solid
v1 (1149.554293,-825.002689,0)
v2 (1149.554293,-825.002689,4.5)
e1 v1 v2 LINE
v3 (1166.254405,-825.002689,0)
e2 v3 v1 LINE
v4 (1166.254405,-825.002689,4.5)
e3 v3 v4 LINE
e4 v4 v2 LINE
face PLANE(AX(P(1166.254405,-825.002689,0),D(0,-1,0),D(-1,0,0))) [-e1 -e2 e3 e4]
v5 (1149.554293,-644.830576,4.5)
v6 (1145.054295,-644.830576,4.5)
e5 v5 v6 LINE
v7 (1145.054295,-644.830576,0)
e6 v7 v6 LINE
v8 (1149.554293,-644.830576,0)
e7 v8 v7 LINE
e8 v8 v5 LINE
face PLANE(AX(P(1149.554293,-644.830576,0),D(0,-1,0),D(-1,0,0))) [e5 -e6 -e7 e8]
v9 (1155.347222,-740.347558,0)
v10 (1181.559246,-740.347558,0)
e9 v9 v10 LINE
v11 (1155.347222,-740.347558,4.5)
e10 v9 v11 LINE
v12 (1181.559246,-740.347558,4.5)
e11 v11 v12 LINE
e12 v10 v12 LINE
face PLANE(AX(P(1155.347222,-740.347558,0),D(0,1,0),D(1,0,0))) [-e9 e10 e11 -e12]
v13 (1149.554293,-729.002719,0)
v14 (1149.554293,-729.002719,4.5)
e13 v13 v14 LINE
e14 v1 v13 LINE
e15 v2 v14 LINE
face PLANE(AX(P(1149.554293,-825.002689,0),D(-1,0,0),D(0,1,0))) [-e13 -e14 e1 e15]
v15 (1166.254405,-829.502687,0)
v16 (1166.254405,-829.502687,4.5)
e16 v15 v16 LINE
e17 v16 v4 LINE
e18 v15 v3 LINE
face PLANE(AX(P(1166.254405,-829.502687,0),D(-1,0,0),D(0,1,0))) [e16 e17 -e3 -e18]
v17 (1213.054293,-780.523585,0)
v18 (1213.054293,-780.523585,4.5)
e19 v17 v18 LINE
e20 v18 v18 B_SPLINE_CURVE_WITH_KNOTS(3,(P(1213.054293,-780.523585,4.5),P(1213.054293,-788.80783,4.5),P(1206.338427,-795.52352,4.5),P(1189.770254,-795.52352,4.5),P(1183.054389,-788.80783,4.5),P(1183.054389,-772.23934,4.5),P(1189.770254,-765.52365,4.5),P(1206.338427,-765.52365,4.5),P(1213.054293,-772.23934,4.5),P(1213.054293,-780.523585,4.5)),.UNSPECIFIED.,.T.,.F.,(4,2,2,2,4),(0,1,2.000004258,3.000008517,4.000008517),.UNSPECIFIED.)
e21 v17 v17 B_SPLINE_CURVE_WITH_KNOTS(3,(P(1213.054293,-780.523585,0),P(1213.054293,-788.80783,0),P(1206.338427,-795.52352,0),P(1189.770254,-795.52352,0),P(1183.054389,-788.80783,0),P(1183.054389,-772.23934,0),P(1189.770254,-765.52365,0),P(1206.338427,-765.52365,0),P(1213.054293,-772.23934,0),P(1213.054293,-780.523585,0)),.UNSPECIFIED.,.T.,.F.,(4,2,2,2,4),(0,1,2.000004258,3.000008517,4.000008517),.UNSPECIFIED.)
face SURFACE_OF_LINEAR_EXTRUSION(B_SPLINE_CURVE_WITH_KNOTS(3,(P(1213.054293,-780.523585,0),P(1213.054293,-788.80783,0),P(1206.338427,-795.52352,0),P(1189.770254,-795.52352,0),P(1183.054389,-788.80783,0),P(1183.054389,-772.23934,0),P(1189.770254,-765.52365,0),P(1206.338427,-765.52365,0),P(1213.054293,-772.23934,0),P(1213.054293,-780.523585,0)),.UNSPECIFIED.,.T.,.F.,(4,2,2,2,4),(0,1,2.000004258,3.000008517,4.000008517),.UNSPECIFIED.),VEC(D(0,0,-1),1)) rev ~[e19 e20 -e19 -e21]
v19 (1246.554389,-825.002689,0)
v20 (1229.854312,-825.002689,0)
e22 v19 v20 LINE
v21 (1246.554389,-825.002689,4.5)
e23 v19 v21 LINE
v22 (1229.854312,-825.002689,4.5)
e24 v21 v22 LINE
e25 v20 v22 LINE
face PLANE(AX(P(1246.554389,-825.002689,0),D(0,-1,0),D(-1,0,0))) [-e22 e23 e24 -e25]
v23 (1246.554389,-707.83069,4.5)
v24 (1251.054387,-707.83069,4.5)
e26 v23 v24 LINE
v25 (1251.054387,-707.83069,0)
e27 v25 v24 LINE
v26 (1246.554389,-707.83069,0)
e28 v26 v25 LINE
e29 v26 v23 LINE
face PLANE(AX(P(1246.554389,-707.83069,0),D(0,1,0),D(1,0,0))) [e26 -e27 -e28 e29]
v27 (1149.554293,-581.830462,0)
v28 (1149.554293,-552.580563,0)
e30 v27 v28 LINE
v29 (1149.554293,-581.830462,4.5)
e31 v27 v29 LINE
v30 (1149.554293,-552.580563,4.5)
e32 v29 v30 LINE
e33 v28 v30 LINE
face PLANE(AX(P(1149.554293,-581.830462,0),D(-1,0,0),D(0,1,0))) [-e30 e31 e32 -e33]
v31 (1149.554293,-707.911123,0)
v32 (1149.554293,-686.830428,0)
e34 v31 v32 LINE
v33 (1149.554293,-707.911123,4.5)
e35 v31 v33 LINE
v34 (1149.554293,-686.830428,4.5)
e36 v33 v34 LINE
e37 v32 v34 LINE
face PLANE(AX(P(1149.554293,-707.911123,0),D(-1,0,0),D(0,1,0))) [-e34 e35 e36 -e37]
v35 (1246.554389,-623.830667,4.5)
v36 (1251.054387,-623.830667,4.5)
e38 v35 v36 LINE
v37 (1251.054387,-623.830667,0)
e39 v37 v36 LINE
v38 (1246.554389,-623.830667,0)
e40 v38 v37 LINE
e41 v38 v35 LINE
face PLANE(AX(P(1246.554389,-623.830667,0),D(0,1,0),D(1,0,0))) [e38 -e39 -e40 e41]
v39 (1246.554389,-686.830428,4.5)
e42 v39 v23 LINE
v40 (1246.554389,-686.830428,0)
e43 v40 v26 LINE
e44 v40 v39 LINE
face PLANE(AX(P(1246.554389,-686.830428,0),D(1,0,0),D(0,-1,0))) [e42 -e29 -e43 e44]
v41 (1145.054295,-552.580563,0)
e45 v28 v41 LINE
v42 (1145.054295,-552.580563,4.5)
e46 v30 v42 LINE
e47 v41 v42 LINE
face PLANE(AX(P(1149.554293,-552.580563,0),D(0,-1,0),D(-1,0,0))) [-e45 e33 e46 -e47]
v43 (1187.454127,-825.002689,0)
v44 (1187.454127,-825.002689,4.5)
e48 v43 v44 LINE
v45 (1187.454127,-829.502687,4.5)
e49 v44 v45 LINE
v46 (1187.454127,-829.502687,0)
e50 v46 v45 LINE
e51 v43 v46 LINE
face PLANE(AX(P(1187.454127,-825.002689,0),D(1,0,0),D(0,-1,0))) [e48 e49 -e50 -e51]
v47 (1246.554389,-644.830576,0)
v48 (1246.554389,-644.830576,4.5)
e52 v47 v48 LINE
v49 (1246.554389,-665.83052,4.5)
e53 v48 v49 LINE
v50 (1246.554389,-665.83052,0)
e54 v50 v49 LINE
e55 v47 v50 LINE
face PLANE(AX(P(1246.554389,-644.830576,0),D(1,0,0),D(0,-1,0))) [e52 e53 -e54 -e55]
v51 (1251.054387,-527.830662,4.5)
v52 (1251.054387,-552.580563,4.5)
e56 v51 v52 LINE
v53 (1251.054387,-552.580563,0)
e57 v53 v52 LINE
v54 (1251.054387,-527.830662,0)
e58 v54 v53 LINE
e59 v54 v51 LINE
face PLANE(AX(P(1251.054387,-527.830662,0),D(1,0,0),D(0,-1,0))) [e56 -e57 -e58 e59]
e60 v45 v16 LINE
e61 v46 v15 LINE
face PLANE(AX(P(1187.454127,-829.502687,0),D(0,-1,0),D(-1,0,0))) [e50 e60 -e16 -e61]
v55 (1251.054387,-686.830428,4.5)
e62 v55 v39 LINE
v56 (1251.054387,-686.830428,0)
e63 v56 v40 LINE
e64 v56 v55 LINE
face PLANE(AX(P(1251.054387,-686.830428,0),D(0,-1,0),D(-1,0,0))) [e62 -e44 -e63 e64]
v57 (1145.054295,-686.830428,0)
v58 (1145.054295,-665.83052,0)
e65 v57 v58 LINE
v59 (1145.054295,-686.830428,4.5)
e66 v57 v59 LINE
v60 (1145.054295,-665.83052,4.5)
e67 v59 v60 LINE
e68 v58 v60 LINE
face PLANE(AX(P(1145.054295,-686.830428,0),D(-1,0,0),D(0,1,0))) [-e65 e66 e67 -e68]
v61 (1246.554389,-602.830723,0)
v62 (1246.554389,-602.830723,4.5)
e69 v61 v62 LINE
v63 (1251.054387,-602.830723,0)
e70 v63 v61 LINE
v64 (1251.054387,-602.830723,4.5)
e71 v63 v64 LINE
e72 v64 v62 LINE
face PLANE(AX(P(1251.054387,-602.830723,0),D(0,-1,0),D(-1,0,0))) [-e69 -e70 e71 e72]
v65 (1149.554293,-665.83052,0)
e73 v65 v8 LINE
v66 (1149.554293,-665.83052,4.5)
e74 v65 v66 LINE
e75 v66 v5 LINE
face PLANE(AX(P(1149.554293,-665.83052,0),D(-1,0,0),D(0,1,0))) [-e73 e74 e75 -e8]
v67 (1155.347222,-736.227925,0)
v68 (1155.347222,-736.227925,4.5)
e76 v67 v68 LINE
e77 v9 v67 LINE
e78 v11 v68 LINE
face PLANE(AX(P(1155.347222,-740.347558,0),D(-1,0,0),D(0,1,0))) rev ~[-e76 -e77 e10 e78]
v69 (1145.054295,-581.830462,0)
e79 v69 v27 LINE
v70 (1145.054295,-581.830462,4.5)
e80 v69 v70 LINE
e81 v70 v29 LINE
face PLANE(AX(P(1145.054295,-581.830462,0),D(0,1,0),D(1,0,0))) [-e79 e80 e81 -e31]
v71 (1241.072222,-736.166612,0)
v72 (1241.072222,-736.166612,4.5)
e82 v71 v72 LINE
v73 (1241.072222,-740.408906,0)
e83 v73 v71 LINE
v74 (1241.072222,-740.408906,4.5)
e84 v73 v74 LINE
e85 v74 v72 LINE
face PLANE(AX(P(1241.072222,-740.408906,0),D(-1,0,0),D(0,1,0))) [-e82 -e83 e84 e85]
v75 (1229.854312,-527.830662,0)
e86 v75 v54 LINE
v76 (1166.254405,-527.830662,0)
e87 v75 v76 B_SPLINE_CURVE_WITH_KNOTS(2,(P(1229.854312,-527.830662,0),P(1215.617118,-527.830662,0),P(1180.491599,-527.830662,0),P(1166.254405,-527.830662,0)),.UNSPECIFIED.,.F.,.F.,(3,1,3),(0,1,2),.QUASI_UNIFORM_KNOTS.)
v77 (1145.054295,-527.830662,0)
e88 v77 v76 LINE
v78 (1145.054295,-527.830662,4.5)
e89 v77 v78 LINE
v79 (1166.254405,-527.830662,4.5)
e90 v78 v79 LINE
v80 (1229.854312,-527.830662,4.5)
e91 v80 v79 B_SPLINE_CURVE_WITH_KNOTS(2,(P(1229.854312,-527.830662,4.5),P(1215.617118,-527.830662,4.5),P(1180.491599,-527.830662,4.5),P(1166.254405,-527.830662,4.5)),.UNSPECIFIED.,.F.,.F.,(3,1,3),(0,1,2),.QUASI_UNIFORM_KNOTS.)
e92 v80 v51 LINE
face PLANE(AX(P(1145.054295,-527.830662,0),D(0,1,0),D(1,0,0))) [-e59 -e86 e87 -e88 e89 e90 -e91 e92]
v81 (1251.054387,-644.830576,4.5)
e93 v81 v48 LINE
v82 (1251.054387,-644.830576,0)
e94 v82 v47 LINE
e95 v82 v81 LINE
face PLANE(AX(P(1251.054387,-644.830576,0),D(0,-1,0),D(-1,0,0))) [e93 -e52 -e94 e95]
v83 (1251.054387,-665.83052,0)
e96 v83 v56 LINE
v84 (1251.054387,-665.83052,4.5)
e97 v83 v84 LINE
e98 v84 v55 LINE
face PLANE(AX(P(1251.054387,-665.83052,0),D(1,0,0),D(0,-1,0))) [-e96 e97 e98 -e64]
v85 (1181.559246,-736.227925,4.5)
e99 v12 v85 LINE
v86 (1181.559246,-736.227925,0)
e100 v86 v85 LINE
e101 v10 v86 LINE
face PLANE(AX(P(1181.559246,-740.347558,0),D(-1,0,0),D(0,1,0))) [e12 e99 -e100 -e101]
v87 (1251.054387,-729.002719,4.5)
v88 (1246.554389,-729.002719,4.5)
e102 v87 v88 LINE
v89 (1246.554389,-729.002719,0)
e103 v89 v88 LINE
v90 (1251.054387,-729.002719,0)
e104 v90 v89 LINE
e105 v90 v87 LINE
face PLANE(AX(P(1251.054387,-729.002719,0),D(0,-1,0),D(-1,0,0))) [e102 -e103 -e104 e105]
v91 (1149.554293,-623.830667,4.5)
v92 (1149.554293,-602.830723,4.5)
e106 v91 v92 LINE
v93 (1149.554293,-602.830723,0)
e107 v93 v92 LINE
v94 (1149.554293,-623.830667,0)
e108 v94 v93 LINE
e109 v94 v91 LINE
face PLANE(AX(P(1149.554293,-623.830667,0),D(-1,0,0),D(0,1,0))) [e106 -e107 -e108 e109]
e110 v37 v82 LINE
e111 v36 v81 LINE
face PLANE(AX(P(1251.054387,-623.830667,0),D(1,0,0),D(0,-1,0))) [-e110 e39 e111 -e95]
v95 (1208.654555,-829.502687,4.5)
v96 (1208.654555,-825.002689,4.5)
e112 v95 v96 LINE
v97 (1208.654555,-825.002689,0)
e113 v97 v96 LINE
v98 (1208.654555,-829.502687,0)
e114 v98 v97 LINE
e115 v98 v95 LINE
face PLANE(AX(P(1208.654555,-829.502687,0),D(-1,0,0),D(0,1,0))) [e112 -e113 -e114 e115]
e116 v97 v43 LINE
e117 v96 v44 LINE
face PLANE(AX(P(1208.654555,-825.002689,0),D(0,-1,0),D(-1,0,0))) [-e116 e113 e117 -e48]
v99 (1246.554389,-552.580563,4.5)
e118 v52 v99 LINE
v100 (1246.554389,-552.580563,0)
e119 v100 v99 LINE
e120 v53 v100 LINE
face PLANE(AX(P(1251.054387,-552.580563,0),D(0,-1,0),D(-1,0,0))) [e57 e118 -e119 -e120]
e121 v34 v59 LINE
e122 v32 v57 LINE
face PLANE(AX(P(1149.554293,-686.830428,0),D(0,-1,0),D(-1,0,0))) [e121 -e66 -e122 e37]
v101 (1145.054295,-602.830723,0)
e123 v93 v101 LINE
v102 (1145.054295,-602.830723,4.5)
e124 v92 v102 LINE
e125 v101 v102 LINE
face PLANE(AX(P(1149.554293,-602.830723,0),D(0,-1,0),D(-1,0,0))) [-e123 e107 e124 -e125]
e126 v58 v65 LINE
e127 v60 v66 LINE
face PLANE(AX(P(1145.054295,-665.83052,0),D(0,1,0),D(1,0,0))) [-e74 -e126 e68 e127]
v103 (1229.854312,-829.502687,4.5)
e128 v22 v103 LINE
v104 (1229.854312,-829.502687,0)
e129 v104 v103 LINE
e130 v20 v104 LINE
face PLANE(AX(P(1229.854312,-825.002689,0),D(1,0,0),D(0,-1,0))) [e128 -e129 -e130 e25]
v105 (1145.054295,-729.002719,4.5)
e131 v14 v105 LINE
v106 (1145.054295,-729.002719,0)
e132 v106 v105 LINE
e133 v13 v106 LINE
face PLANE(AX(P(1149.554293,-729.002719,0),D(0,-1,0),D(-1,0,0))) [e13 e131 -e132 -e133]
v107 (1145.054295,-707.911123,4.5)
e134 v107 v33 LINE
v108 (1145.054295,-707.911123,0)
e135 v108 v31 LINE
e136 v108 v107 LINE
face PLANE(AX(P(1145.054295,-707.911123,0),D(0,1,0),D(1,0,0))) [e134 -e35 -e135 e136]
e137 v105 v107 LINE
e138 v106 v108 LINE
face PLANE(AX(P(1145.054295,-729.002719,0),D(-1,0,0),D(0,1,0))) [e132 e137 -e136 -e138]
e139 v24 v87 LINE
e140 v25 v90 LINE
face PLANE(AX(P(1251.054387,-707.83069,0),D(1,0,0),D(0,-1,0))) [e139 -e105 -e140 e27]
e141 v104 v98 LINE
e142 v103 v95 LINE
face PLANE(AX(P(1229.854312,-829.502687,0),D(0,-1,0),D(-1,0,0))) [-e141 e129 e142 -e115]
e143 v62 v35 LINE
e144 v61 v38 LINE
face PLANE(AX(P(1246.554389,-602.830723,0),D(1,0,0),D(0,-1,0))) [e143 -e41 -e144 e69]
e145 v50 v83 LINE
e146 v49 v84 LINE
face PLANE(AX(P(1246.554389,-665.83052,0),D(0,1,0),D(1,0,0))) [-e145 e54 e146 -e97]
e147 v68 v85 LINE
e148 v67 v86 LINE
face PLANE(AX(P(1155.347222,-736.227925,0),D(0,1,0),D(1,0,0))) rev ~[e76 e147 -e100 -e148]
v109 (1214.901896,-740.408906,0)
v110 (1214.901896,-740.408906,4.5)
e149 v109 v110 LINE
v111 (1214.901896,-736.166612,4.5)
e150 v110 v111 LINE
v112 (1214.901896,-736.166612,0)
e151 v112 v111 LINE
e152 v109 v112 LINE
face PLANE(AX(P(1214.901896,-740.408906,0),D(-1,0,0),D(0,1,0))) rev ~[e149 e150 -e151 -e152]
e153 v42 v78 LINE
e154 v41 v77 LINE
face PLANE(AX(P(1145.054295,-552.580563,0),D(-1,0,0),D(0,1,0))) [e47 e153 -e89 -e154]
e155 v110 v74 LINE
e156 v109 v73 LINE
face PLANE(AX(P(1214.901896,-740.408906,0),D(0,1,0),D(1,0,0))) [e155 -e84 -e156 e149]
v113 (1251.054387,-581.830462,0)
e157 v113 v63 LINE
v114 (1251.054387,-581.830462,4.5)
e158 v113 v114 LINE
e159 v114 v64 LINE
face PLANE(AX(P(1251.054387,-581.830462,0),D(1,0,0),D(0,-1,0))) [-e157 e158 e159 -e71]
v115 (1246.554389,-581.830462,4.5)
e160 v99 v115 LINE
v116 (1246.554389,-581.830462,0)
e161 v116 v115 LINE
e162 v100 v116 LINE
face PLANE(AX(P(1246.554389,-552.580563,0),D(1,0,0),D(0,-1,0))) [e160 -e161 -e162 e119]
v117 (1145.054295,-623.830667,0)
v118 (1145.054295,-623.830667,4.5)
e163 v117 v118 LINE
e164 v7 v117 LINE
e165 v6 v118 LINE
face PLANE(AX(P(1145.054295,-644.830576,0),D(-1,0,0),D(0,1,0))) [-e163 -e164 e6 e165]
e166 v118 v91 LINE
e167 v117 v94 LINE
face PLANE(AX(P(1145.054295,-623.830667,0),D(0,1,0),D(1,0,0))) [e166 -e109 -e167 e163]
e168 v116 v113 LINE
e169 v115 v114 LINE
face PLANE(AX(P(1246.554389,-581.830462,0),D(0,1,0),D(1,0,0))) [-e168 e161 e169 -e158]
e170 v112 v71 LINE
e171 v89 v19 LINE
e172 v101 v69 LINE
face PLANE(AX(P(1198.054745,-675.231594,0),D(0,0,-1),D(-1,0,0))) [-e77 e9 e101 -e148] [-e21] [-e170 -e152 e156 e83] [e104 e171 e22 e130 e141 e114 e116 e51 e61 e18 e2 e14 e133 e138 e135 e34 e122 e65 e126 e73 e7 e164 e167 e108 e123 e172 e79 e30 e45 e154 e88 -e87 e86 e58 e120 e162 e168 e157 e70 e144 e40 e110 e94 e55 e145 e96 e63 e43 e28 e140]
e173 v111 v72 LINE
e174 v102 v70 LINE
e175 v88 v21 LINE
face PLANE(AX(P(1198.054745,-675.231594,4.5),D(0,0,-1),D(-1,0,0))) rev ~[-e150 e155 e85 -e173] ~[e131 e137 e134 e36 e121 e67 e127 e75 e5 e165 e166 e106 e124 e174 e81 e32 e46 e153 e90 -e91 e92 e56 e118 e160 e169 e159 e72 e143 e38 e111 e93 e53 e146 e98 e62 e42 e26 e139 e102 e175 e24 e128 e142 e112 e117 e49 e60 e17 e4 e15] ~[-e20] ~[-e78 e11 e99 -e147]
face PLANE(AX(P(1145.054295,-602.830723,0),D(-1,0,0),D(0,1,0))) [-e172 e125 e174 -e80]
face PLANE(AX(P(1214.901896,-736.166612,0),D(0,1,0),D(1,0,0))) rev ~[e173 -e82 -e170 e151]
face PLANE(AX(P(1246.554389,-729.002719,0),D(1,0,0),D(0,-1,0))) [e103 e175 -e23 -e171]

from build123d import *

# Parameters (mm, degrees)
MODEL_W             = 26.170325549
MODEL_H             = 4.242293888
MODEL_W_2           = 26.212023883
MODEL_H_2           = 4.119633054
BOSS_EXTRUDE1_DEPTH = 4.5


with BuildPart() as part:
    # Model → Boss-Extrude1 (new body)
    with BuildSketch(Plane.XY):
        with BuildLine():
            Line((1149.554293324, -552.580562917), (1145.054295269, -552.580562917))
            Line((1145.054295269, -552.580562917), (1145.054295269, -527.830661812))
            Line((1145.054295269, -527.830661812), (1166.254405264, -527.830661812))
            add(Edge.make_bspline(
                [(1198.054358589, -527.830661812), (1180.491599149, -527.830661812), (1166.254405264, -527.830661812)],
                knots=[1, 1, 1, 2, 2, 2], degree=2))
            add(Edge.make_bspline(
                [(1229.854311915, -527.830661812), (1215.617118029, -527.830661812), (1198.054358589, -527.830661812)],
                knots=[0, 0, 0, 1, 1, 1], degree=2))
            Line((1229.854311915, -527.830661812), (1251.054386632, -527.830661812))
            Line((1251.054386632, -527.830661812), (1251.054386632, -552.580562917))
            Line((1251.054386632, -552.580562917), (1246.554388577, -552.580562917))
            Line((1246.554388577, -552.580562917), (1246.554388577, -581.830462077))
            Line((1246.554388577, -581.830462077), (1251.054386632, -581.830462077))
            Line((1251.054386632, -581.830462077), (1251.054386632, -602.83072346))
            Line((1251.054386632, -602.83072346), (1246.554388577, -602.83072346))
            Line((1246.554388577, -602.83072346), (1246.554388577, -623.830667344))
            Line((1246.554388577, -623.830667344), (1251.054386632, -623.830667344))
            Line((1251.054386632, -623.830667344), (1251.054386632, -644.83057595))
            Line((1251.054386632, -644.83057595), (1246.554388577, -644.83057595))
            Line((1246.554388577, -644.83057595), (1246.554388577, -665.830519834))
            Line((1246.554388577, -665.830519834), (1251.054386632, -665.830519834))
            Line((1251.054386632, -665.830519834), (1251.054386632, -686.830428439))
            Line((1251.054386632, -686.830428439), (1246.554388577, -686.830428439))
            Line((1246.554388577, -686.830428439), (1246.554388577, -707.830689823))
            Line((1246.554388577, -707.830689823), (1251.054386632, -707.830689823))
            Line((1251.054386632, -707.830689823), (1251.054386632, -729.002718707))
            Line((1251.054386632, -729.002718707), (1246.554388577, -729.002718707))
            Line((1246.554388577, -729.002718707), (1246.554388577, -825.00268896))
            Line((1246.554388577, -825.00268896), (1229.854311915, -825.00268896))
            Line((1229.854311915, -825.00268896), (1229.854311915, -829.502687015))
            Line((1229.854311915, -829.502687015), (1208.654554698, -829.502687015))
            Line((1208.654554698, -829.502687015), (1208.654554698, -825.00268896))
            Line((1208.654554698, -825.00268896), (1199.604287756, -825.00268896))
            Line((1199.604287756, -825.00268896), (1196.504394145, -825.00268896))
            Line((1196.504394145, -825.00268896), (1187.454127203, -825.00268896))
            Line((1187.454127203, -825.00268896), (1187.454127203, -829.502687015))
            Line((1187.454127203, -829.502687015), (1166.254405264, -829.502687015))
            Line((1166.254405264, -829.502687015), (1166.254405264, -825.00268896))
            Line((1166.254405264, -825.00268896), (1149.554293324, -825.00268896))
            Line((1149.554293324, -825.00268896), (1149.554293324, -729.002718707))
            Line((1149.554293324, -729.002718707), (1145.054295269, -729.002718707))
            Line((1145.054295269, -729.002718707), (1145.054295269, -707.911123156))
            Line((1145.054295269, -707.911123156), (1149.554293324, -707.911123156))
            Line((1149.554293324, -707.911123156), (1149.554293324, -686.830428439))
            Line((1149.554293324, -686.830428439), (1145.054295269, -686.830428439))
            Line((1145.054295269, -686.830428439), (1145.054295269, -665.830519834))
            Line((1145.054295269, -665.830519834), (1149.554293324, -665.830519834))
            Line((1149.554293324, -665.830519834), (1149.554293324, -644.83057595))
            Line((1149.554293324, -644.83057595), (1145.054295269, -644.83057595))
            Line((1145.054295269, -644.83057595), (1145.054295269, -623.830667344))
            Line((1145.054295269, -623.830667344), (1149.554293324, -623.830667344))
            Line((1149.554293324, -623.830667344), (1149.554293324, -602.83072346))
            Line((1149.554293324, -602.83072346), (1145.054295269, -602.83072346))
            Line((1145.054295269, -602.83072346), (1145.054295269, -581.830462077))
            Line((1145.054295269, -581.830462077), (1149.554293324, -581.830462077))
            Line((1149.554293324, -581.830462077), (1149.554293324, -552.580562917))
        make_face()
        with Locations((1227.987059138, -738.28775926)):
            Rectangle(MODEL_W, MODEL_H, mode=Mode.SUBTRACT)
        with Locations((1168.453233875, -738.287741621)):
            Rectangle(MODEL_W_2, MODEL_H_2, mode=Mode.SUBTRACT)
        with BuildLine():
            add(Edge.make_bspline(
                [(1183.054388593, -780.523584805), (1183.054388593, -772.239339529), (1189.770254425, -765.523650086), (1198.054358589, -765.523650086), (1206.338427476, -765.523650086), (1213.054293308, -772.239339529), (1213.054293308, -780.523584805)],
                knots=[2, 2, 2, 2, 3, 3, 3, 4, 4, 4, 4], degree=3))
            add(Edge.make_bspline(
                [(1213.054293308, -780.523584805), (1213.054293308, -788.807830081), (1206.338427476, -795.523519523), (1198.054358589, -795.523519523), (1189.770254425, -795.523519523), (1183.054388593, -788.807830081), (1183.054388593, -780.523584805)],
                knots=[0, 0, 0, 0, 1, 1, 1, 2, 2, 2, 2], degree=3))
        make_face(mode=Mode.SUBTRACT)
    extrude(amount=BOSS_EXTRUDE1_DEPTH)


solid = part.part
